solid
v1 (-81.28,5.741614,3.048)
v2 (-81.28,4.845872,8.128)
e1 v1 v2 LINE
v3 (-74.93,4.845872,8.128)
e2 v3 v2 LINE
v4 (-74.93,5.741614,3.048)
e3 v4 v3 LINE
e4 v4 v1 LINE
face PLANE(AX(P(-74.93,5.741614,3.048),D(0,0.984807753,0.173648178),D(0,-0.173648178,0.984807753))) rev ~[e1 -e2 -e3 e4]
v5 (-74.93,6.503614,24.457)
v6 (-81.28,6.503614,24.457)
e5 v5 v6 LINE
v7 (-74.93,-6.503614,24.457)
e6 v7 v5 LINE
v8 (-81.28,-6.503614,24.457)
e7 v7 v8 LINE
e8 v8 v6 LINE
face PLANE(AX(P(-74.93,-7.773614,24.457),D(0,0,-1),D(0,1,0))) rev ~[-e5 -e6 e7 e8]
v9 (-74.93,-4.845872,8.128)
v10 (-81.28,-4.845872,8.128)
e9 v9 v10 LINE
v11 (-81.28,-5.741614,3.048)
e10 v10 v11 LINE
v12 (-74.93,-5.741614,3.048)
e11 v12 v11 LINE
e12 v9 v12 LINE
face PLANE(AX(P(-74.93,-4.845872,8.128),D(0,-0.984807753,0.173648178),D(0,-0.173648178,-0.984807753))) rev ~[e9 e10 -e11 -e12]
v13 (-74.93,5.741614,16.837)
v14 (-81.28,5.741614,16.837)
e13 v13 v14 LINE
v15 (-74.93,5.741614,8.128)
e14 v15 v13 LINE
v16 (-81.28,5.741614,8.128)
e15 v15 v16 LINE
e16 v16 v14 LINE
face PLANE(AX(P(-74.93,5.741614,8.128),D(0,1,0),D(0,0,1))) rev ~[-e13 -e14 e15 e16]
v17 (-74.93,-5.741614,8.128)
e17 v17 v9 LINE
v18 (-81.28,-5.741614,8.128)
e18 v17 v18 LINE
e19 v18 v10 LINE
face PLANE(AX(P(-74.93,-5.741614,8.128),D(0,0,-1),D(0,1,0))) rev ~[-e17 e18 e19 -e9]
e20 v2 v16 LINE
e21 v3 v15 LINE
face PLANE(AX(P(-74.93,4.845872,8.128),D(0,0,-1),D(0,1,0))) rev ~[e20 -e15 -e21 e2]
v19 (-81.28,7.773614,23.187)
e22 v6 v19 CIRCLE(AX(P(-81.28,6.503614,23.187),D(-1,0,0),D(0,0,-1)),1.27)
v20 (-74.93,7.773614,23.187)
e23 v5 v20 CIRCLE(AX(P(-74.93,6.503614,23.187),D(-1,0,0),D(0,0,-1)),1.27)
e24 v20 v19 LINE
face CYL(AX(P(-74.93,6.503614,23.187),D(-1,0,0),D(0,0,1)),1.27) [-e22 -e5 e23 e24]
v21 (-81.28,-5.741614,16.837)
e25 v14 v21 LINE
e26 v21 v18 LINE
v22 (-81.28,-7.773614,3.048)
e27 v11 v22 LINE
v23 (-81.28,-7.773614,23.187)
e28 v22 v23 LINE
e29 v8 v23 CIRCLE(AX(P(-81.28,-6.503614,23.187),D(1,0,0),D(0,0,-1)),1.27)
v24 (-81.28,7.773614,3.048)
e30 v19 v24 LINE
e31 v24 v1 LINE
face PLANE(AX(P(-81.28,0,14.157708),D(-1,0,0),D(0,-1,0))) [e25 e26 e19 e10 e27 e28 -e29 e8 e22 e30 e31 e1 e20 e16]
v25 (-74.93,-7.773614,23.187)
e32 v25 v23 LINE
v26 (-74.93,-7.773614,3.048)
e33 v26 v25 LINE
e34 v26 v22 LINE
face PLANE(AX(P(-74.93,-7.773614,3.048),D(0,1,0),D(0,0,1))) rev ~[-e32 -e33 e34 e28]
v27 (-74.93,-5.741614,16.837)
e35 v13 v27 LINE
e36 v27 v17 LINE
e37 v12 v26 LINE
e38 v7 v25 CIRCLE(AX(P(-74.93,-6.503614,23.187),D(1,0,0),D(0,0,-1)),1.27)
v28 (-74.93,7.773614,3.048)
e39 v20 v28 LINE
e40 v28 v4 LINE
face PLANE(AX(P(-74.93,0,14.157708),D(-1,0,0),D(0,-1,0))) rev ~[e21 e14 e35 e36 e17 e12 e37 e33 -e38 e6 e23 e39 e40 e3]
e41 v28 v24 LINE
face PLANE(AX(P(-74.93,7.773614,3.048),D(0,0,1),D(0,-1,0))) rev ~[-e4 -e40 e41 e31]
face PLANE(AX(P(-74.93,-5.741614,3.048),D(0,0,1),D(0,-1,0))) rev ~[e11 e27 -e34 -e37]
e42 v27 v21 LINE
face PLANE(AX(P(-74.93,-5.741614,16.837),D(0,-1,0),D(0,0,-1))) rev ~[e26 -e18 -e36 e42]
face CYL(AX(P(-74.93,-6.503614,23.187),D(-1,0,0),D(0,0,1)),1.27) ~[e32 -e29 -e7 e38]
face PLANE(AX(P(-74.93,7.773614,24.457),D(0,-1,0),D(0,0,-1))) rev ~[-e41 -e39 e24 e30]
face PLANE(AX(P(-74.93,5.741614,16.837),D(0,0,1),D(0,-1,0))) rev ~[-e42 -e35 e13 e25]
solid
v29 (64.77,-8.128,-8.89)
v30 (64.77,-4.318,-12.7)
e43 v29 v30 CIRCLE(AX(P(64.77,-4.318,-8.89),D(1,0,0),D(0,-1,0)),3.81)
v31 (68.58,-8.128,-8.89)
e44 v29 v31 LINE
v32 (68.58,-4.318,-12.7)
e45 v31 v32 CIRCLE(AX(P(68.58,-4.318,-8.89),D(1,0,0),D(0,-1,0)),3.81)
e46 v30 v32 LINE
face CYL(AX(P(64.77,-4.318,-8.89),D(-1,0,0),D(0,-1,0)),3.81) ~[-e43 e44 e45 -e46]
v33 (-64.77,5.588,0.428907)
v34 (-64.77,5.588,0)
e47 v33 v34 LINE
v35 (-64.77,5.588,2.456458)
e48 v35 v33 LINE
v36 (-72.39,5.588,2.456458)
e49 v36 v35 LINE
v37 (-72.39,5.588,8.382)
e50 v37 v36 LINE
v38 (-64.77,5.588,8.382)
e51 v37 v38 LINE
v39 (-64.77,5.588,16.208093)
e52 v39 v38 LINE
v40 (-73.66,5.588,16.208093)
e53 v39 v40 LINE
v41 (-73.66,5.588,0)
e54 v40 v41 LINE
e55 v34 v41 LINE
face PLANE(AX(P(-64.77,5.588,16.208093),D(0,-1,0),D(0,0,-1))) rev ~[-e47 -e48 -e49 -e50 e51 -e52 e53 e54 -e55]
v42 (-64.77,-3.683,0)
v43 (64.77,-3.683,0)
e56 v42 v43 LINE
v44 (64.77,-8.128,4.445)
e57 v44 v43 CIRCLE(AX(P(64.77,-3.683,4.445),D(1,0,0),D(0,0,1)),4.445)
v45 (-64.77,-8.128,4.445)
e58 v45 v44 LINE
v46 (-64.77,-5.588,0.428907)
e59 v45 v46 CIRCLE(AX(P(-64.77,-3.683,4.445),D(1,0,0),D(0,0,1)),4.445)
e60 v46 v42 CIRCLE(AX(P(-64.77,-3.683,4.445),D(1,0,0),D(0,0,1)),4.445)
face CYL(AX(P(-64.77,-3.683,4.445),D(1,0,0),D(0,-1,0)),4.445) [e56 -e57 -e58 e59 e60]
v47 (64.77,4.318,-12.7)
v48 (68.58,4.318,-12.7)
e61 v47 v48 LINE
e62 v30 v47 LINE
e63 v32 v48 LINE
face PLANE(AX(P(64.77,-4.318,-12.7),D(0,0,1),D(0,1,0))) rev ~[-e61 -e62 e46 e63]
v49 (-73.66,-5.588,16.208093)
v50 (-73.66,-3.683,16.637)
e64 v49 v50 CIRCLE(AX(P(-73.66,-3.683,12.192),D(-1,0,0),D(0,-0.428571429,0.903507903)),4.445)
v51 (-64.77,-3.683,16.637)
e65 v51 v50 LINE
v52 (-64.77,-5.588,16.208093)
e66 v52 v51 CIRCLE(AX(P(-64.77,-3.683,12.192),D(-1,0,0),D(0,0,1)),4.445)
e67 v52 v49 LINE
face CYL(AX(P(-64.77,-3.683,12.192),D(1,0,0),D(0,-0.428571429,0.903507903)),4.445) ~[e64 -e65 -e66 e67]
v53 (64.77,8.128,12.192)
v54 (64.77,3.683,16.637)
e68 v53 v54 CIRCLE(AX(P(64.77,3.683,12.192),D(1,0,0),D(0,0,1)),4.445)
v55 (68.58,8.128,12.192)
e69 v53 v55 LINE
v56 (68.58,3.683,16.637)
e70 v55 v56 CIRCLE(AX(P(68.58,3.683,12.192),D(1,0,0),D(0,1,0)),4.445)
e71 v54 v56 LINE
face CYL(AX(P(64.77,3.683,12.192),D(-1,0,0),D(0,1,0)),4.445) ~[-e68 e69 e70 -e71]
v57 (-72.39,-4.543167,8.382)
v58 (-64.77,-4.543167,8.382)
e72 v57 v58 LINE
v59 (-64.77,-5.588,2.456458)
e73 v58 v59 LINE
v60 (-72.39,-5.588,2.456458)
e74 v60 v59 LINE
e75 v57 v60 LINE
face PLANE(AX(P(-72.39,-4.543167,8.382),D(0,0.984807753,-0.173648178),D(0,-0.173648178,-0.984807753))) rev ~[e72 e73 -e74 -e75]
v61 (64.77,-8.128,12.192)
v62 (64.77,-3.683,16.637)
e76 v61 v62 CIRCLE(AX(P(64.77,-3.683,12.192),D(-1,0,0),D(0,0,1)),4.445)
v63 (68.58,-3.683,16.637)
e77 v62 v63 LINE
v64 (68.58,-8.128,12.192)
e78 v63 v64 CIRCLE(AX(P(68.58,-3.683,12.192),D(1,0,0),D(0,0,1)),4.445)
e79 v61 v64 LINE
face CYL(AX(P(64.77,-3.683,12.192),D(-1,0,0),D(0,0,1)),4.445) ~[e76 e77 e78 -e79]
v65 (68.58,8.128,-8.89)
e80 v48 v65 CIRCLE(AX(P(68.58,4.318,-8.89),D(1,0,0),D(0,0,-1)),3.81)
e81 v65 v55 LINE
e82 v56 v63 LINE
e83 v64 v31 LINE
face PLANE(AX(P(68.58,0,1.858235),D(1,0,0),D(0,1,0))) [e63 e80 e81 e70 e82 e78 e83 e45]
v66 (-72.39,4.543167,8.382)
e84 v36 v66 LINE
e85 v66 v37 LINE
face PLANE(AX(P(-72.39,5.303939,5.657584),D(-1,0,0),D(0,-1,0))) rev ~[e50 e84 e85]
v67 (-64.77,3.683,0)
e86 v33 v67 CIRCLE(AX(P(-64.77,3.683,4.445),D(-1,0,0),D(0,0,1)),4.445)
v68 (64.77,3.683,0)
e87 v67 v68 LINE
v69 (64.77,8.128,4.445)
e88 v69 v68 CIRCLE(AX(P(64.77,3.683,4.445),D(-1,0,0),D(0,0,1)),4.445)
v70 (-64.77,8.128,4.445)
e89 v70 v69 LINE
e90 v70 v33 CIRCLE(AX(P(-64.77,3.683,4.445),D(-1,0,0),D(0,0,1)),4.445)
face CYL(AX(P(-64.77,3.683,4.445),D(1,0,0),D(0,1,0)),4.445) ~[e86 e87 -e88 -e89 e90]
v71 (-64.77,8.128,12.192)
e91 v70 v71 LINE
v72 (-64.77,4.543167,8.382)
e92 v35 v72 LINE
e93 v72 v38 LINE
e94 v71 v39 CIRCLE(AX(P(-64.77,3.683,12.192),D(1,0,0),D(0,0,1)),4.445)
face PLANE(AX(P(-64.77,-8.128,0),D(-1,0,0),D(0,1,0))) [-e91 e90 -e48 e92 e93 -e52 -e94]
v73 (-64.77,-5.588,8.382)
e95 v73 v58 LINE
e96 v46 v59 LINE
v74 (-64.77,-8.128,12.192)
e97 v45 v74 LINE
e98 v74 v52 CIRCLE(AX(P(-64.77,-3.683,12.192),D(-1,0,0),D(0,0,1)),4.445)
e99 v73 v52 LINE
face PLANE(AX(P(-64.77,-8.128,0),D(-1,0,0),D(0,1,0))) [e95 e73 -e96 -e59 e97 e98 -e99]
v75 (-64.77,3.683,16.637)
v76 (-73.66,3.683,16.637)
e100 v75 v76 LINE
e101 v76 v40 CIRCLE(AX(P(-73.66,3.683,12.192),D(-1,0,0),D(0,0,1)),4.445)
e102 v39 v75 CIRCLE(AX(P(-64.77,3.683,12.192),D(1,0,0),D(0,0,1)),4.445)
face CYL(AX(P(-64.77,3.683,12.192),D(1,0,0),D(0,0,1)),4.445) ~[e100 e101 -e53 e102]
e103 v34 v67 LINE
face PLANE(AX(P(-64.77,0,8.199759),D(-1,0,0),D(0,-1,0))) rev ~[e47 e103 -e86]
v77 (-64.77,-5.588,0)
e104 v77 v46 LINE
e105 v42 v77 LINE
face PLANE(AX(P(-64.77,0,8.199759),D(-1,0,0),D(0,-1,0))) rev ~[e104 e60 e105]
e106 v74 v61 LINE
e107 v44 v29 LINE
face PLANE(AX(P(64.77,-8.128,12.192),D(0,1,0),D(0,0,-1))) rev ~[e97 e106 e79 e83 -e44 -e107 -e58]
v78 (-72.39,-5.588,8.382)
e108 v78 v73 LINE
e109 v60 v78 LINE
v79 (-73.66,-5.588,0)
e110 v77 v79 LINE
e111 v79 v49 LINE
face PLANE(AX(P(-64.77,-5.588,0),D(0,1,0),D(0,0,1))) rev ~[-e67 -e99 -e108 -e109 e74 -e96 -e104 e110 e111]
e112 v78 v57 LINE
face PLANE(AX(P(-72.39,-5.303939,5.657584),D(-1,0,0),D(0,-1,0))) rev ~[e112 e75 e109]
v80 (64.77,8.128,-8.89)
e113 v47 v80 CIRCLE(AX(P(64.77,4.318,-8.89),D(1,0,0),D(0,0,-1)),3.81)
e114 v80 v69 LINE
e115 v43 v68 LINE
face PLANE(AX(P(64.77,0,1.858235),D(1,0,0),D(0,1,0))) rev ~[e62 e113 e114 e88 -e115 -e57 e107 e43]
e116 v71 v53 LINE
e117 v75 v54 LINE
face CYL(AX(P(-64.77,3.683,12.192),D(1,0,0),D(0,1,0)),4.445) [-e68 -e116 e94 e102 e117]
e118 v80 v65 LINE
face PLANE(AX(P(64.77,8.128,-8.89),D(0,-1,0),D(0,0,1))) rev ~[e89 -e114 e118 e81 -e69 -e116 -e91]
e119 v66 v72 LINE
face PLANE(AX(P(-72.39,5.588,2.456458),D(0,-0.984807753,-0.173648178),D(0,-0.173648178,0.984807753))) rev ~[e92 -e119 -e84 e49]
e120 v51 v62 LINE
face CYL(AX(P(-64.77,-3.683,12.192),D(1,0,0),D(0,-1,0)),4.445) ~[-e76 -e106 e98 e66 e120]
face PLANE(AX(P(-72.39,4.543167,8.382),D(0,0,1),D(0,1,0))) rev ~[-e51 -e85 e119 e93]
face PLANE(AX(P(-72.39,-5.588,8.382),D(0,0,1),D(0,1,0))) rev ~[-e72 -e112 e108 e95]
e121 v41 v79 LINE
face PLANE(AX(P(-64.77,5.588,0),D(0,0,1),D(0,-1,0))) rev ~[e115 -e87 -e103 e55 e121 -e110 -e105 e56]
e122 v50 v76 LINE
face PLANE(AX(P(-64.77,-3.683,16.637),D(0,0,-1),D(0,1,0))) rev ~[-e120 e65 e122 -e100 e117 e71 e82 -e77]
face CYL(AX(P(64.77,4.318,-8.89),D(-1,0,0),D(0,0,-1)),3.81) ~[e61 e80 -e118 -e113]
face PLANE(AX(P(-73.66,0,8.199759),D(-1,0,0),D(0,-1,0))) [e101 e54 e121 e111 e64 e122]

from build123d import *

# Parameters (mm, degrees)
F0_W      = 129.54
F0_H      = 16.256
F1_DEPTH  = 16.637
F2_R      = 4.445
F4_DEPTH  = 3.81
F6_DEPTH  = 8.89
F8_START  = 1.27
F8_DEPTH  = 6.35
F10_START = -1.27
F10_DEPTH = 7.62
F11_R     = 1.27


with BuildPart() as f1:
    # F0 (on Top) → F1 (new body)
    with BuildSketch(Plane.XY):
        Rectangle(F0_W, F0_H)
    extrude(amount=F1_DEPTH)

    # F2
    f2_edges = [f1.edges().sort_by_distance(p)[0] for p in [
        (0, -8.128, 16.637),
        (0, 8.128, 16.637),
        (0, -8.128, 0),
        (0, 8.128, 0),
    ]]
    fillet(f2_edges, radius=F2_R)

    # F3 (on face) → F4 (join)
    with BuildSketch(Plane.YZ.offset(64.77)):
        with BuildLine():
            Line((3.683, 16.637), (-3.683, 16.637))
            ThreePointArc((-3.683, 16.637), (-6.8260896424, 15.3350896424), (-8.128, 12.192))
            Line((-8.128, 12.192), (-8.128, -8.89))
            ThreePointArc((-8.128, -8.89), (-7.0120768363, -11.5840768363), (-4.318, -12.7))
            Line((-4.318, -12.7), (4.318, -12.7))
            ThreePointArc((4.318, -12.7), (7.0120768363, -11.5840768363), (8.128, -8.89))
            Line((8.128, -8.89), (8.128, 12.192))
            ThreePointArc((8.128, 12.192), (6.8260896424, 15.3350896424), (3.683, 16.637))
        make_face()
    extrude(amount=F4_DEPTH)

    # F5 (on face) → F6 (join)
    with BuildSketch(Plane(origin=(-64.77, 0, 0), x_dir=(0, -1, 0), z_dir=(-1, 0, 0))):
        with BuildLine():
            Line((3.683, 16.637), (-3.683, 16.637))
            ThreePointArc((-3.683, 16.637), (-4.6593435017, 16.5284476668), (-5.588, 16.2080926284))
            Line((-5.588, 16.2080926284), (-5.588, 0))
            Line((-5.588, 0), (5.588, 0))
            Line((5.588, 0), (5.588, 16.2080926284))
            ThreePointArc((5.588, 16.2080926284), (4.6593435017, 16.5284476668), (3.683, 16.637))
        make_face()
    extrude(amount=F6_DEPTH)

    # F9 (on face) → F10 (cut)
    with BuildSketch(Plane(origin=(-73.66, 0, 0), x_dir=(0, -1, 0), z_dir=(-1, 0, 0)).offset(F10_START)):
        Polygon((-5.588, 2.4564579041), (-4.543167048, 8.3820000291), (-5.588, 8.3820000291), align=None)
        Polygon((5.588, 8.3820000291), (4.543167048, 8.3820000291), (5.588, 2.4564579041), align=None)
    extrude(amount=-F10_DEPTH, mode=Mode.SUBTRACT)


with BuildPart() as f8:
    # F7 (on face) → F8 (new body)
    with BuildSketch(Plane(origin=(-73.66, 0, 0), x_dir=(0, -1, 0), z_dir=(-1, 0, 0)).offset(F8_START)):
        Polygon((7.7736135572, 24.457), (0, 24.457), (-7.7736135572, 24.457), (-7.7736135572, 3.048), (-5.7416135572, 3.048), (-4.8458724952, 8.128), (-5.7416135572, 8.128), (-5.7416135572, 16.837), (0, 16.837), (5.7416135572, 16.837), (5.7416135572, 8.128), (4.8458724952, 8.128), (5.7416135572, 3.048), (7.7736135572, 3.048), align=None)
    extrude(amount=F8_DEPTH)

    # F11
    f11_edges = [f8.edges().sort_by_distance(p)[0] for p in [
        (-78.105, 7.773614, 24.457),
        (-78.105, -7.773614, 24.457),
    ]]
    fillet(f11_edges, radius=F11_R)


solid = Compound([f1.part, f8.part])
